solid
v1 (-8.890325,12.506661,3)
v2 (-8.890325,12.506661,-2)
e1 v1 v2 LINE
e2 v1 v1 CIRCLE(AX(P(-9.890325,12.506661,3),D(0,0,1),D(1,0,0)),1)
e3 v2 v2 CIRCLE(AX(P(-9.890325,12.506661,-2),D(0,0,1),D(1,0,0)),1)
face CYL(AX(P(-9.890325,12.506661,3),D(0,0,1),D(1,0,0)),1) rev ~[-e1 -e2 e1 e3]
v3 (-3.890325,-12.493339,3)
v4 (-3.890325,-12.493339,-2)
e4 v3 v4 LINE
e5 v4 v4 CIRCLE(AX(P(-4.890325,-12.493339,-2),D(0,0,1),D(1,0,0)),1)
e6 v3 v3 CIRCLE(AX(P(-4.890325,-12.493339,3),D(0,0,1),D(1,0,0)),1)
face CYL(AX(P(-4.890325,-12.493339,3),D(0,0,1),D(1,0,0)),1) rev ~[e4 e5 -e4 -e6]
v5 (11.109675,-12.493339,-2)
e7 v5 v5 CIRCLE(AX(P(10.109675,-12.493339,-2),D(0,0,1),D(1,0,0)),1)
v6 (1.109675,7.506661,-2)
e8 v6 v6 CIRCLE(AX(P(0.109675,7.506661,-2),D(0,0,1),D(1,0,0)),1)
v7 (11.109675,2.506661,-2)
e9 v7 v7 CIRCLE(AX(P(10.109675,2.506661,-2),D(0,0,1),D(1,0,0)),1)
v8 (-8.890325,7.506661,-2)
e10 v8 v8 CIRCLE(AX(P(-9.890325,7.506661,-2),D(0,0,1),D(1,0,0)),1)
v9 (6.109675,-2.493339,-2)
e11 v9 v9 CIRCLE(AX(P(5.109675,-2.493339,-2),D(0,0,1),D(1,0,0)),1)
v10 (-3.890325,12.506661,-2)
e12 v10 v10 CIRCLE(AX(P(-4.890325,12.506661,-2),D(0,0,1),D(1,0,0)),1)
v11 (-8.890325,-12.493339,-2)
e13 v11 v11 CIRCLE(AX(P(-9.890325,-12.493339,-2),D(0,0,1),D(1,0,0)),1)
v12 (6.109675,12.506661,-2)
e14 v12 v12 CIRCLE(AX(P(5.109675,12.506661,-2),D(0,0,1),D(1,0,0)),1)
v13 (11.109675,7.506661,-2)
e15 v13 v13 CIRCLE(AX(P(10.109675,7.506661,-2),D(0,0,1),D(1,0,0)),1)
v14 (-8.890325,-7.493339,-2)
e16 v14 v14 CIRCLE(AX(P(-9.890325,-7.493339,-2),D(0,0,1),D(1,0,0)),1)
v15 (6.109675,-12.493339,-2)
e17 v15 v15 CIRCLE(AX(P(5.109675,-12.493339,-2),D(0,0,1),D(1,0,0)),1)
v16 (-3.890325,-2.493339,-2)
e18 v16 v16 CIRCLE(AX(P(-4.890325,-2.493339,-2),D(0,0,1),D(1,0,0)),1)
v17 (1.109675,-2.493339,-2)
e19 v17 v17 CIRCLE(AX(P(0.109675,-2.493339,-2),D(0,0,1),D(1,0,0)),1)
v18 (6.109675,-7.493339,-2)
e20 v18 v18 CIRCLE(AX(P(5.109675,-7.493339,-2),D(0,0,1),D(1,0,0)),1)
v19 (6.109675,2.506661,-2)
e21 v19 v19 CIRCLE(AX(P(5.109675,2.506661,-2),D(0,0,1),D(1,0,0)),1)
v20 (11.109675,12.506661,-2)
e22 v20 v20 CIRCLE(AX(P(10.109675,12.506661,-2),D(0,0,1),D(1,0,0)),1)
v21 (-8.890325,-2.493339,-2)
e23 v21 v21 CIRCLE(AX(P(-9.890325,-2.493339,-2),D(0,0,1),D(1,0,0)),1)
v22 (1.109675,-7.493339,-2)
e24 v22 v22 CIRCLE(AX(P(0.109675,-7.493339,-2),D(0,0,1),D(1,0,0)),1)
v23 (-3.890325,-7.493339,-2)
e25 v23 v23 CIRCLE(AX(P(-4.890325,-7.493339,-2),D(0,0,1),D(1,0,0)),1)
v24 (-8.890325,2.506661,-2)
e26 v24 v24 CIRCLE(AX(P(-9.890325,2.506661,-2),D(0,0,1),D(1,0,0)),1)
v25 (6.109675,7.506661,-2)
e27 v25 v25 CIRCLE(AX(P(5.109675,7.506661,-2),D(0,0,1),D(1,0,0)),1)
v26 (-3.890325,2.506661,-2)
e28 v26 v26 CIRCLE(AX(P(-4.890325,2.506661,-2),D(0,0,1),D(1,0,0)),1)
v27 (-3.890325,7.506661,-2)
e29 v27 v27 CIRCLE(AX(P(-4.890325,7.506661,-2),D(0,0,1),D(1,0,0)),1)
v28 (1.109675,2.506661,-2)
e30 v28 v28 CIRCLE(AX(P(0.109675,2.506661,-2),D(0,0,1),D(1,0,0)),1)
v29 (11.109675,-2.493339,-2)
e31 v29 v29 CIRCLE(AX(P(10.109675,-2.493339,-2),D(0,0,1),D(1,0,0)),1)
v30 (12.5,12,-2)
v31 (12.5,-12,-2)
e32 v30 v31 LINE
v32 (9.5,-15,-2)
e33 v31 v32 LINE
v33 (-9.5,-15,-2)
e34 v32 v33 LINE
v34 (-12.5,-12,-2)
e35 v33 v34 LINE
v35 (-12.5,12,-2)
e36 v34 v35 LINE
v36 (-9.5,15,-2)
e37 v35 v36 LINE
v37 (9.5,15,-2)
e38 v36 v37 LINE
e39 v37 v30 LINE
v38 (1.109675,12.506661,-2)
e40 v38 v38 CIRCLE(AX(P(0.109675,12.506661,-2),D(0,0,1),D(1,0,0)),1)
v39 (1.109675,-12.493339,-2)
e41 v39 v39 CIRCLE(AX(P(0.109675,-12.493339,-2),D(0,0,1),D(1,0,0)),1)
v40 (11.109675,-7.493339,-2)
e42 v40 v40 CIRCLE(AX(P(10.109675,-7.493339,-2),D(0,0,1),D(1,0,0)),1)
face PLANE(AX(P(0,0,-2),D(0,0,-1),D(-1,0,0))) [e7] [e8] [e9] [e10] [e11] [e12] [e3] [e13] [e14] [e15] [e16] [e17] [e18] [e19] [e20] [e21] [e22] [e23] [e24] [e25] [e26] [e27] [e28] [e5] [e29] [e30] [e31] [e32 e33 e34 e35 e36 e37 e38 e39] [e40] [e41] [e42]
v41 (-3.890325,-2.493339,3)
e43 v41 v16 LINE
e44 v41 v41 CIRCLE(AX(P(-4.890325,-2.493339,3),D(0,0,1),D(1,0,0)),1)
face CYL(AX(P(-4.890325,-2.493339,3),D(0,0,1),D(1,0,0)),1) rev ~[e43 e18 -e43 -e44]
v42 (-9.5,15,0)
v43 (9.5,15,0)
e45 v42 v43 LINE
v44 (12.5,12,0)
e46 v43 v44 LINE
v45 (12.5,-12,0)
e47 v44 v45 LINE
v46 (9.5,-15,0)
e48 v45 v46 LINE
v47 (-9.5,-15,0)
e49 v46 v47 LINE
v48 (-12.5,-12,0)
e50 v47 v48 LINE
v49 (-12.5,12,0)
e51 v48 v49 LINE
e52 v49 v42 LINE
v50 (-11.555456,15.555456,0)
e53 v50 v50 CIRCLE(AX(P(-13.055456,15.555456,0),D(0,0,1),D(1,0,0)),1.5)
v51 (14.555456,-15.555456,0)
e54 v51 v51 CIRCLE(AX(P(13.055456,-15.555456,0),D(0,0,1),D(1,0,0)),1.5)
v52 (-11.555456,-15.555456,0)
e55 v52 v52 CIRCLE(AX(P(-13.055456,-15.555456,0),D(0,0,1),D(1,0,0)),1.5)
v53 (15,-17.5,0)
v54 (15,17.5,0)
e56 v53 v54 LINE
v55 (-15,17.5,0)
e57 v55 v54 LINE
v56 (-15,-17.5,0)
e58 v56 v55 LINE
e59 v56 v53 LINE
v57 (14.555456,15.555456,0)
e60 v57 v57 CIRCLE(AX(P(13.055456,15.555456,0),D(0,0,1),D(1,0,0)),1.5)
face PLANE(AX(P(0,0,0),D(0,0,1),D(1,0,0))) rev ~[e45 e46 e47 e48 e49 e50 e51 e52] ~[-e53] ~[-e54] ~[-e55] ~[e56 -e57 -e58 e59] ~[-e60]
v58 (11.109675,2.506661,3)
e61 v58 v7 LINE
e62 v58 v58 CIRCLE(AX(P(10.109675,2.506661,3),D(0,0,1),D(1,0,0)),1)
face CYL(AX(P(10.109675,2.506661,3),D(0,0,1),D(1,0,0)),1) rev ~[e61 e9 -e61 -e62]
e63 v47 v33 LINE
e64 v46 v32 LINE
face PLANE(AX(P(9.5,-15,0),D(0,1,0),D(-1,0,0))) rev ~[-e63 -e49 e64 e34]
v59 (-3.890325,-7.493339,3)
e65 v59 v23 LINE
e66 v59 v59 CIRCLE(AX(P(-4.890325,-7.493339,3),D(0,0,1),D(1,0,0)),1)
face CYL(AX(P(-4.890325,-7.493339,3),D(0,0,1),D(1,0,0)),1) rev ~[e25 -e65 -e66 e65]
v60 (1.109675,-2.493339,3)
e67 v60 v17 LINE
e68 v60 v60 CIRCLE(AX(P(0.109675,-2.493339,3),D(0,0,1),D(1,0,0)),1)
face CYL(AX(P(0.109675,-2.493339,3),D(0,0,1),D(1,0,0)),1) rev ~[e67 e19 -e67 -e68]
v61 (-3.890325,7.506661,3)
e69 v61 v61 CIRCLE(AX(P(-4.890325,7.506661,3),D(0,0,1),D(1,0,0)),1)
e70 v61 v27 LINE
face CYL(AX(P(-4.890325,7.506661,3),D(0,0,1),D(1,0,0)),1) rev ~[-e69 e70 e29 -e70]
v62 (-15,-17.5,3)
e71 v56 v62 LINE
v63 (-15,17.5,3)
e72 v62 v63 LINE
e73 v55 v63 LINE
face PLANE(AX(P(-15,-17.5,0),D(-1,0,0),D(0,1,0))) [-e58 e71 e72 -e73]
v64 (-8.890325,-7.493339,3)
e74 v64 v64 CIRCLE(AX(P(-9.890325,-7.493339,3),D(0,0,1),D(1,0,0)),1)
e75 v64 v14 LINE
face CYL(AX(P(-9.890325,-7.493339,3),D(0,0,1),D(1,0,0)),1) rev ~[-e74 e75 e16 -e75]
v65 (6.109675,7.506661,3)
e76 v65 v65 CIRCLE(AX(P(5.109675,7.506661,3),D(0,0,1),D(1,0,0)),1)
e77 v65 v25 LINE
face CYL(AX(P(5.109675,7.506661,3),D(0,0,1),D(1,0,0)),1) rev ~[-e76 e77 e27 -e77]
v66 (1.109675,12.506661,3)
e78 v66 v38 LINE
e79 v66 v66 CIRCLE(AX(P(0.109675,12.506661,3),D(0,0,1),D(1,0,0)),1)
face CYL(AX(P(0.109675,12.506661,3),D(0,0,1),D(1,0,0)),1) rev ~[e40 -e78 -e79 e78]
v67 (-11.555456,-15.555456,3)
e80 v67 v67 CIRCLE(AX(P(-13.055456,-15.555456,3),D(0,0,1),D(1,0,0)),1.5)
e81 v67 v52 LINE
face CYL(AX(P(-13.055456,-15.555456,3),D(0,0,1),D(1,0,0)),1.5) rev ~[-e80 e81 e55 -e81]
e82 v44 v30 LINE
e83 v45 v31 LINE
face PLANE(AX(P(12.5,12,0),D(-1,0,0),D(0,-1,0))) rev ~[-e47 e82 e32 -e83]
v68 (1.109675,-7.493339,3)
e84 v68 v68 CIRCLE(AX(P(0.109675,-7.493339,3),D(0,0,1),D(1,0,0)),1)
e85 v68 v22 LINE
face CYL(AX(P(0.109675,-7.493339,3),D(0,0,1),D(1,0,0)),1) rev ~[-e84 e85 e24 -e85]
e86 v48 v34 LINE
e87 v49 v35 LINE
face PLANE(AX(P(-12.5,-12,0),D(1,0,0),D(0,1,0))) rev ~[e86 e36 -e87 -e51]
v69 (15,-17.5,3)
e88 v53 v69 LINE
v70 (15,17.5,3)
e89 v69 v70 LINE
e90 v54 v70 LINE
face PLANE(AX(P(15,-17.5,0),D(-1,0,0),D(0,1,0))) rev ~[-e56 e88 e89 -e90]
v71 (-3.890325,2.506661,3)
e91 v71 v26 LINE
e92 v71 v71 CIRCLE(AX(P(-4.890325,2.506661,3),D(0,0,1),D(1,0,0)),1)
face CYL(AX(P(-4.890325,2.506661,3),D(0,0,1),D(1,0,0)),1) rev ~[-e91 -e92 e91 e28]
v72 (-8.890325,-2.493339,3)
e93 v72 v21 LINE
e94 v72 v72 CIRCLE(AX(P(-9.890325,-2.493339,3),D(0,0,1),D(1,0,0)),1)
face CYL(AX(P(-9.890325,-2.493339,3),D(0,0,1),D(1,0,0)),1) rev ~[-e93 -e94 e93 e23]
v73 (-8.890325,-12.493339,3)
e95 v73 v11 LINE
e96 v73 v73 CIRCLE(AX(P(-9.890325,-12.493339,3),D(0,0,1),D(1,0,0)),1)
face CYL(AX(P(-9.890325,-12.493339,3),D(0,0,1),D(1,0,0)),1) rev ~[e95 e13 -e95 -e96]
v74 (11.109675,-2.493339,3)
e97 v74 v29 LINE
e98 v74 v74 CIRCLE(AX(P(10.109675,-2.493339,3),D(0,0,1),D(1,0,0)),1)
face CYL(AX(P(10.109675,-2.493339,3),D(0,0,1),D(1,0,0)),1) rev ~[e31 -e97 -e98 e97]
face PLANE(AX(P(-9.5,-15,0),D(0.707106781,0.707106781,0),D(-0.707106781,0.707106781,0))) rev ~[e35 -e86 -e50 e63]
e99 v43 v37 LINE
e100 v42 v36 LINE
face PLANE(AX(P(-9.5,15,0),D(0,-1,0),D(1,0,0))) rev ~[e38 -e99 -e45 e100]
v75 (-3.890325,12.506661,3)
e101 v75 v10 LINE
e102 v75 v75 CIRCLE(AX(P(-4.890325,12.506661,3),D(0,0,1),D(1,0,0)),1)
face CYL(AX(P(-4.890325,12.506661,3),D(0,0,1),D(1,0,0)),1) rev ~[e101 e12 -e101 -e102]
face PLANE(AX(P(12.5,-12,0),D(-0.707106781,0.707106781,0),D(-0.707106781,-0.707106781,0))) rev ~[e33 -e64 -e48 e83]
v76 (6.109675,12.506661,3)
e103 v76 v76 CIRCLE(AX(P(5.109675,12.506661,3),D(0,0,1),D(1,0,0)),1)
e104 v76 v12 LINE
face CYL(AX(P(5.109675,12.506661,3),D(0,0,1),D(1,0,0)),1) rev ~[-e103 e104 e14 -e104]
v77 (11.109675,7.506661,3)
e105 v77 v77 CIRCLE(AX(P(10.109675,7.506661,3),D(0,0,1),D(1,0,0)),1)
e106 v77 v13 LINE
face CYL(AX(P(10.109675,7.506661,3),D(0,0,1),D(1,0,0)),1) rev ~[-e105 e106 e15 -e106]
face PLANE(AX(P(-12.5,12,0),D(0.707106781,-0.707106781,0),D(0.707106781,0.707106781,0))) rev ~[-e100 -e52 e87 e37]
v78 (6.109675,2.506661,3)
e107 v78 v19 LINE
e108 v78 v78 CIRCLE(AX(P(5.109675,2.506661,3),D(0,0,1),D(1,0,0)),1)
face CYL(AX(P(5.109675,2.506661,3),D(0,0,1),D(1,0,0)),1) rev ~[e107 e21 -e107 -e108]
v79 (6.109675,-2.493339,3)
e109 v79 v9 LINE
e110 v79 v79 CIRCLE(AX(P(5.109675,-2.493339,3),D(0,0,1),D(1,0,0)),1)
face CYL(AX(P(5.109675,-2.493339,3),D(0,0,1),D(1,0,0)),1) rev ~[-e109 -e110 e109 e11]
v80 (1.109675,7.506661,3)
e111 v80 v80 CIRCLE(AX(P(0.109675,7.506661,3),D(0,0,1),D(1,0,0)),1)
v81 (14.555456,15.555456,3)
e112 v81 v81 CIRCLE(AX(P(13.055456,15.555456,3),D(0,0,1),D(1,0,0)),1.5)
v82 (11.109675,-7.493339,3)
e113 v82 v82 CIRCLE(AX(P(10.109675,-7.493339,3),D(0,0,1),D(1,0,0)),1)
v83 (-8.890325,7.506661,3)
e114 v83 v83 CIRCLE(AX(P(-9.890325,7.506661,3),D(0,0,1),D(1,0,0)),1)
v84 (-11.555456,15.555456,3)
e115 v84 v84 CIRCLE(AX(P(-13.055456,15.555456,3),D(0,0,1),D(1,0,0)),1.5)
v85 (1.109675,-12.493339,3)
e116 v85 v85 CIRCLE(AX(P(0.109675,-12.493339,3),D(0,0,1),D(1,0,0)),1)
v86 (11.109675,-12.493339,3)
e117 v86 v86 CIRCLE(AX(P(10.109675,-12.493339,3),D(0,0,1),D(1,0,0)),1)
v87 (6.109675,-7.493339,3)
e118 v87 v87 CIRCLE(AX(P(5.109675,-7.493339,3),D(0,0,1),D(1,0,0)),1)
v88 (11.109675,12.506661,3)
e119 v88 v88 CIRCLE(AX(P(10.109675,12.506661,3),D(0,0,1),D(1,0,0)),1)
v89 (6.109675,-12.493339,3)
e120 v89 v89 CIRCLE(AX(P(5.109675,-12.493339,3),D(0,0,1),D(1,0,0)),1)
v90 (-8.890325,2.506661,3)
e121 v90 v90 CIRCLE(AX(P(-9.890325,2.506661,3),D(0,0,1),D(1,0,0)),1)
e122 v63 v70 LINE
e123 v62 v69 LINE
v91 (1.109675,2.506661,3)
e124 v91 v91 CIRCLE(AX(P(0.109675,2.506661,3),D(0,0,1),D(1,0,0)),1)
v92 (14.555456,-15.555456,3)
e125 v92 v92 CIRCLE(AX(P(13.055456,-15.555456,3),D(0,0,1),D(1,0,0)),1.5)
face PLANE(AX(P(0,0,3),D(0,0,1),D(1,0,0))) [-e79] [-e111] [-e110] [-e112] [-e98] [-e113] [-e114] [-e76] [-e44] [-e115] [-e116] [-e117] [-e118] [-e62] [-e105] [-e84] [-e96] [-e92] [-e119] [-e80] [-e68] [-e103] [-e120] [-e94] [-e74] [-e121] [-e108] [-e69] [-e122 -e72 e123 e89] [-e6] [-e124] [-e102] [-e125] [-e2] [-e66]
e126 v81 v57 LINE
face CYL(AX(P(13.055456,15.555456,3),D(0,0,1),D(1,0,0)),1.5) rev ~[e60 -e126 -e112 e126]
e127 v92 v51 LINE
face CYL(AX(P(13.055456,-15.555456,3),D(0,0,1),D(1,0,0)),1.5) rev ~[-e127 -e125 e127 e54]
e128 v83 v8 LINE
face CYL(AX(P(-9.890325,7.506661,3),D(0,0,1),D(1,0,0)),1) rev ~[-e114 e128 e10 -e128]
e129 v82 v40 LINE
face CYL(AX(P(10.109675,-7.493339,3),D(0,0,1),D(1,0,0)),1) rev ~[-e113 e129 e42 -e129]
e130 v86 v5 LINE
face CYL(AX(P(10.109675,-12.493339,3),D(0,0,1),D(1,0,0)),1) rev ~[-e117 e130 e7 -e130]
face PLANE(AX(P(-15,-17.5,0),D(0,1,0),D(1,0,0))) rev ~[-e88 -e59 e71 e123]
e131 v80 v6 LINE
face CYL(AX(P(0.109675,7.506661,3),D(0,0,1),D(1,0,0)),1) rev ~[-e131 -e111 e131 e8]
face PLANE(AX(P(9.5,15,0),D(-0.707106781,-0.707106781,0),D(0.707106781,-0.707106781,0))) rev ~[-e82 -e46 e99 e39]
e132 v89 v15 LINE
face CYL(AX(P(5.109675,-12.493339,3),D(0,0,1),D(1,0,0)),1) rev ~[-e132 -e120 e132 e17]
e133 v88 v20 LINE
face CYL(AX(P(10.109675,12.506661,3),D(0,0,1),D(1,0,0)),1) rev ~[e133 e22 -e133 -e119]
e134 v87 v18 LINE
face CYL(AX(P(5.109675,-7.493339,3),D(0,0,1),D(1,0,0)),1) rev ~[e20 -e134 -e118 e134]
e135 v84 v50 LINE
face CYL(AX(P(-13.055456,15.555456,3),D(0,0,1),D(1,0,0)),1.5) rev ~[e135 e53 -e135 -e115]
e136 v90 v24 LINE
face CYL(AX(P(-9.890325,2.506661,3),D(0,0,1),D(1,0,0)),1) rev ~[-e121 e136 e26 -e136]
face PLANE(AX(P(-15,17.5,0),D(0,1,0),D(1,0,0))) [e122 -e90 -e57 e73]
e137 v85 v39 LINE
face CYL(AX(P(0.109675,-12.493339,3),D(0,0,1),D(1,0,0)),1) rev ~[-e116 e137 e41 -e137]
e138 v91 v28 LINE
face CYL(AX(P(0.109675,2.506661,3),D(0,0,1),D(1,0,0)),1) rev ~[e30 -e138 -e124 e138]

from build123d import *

# Parameters (mm, degrees)
BOSS_EXTRU_4_DEPTH      = 2
ESQUISSE9_W             = 30
ESQUISSE9_H             = 35
BOSS_EXTRU_5_DEPTH      = 3
ESQUISSE7_R             = 1.5
ENL_V_MAT_EXTRU_8_DEPTH = 6
ESQUISSE10_R            = 1
ENL_V_MAT_EXTRU_9_DEPTH = 6


with BuildPart() as part:
    # Esquisse8 → Boss.-Extru.4 (new body)
    with BuildSketch(Plane.XY):
        Polygon((-9.5, 15), (9.5, 15), (12.5, 12), (12.5, -12), (9.5, -15), (-9.5, -15), (-12.5, -12), (-12.5, 12), align=None)
    extrude(amount=-BOSS_EXTRU_4_DEPTH)

    # Esquisse9 → Boss.-Extru.5 (add)
    with BuildSketch(Plane.XY):
        Rectangle(ESQUISSE9_W, ESQUISSE9_H)
    extrude(amount=BOSS_EXTRU_5_DEPTH)

    # Esquisse7 → Enlèv. mat.-Extru.8 (cut, through all)
    with BuildSketch(Plane.XY.offset(3)):
        with Locations((-13.055456352, 15.555456352)):
            Circle(ESQUISSE7_R)
        with Locations((-13.055456352, -15.555456352)):
            Circle(ESQUISSE7_R)
        with Locations((13.055456352, -15.555456352)):
            Circle(ESQUISSE7_R)
        with Locations((13.055456352, 15.555456352)):
            Circle(ESQUISSE7_R)
    extrude(amount=-ENL_V_MAT_EXTRU_8_DEPTH, mode=Mode.SUBTRACT)

    # Esquisse10 → Enlèv. mat.-Extru.9 (cut, through all)
    with BuildSketch(Plane.XY.offset(3)):
        with Locations((-9.890325409, 12.506661491)):
            Circle(ESQUISSE10_R)
        with Locations((-4.890325409, 12.506661491)):
            Circle(ESQUISSE10_R)
        with Locations((0.109674591, 12.506661491)):
            Circle(ESQUISSE10_R)
        with Locations((5.109674591, 12.506661491)):
            Circle(ESQUISSE10_R)
        with Locations((10.109674591, 12.506661491)):
            Circle(ESQUISSE10_R)
        with Locations((-4.890325409, 7.506661491)):
            Circle(ESQUISSE10_R)
        with Locations((0.109674591, 7.506661491)):
            Circle(ESQUISSE10_R)
        with Locations((5.109674591, 7.506661491)):
            Circle(ESQUISSE10_R)
        with Locations((10.109674591, 7.506661491)):
            Circle(ESQUISSE10_R)
        with Locations((-4.890325409, 2.506661491)):
            Circle(ESQUISSE10_R)
        with Locations((0.109674591, 2.506661491)):
            Circle(ESQUISSE10_R)
        with Locations((5.109674591, 2.506661491)):
            Circle(ESQUISSE10_R)
        with Locations((10.109674591, 2.506661491)):
            Circle(ESQUISSE10_R)
        with Locations((-4.890325409, -2.493338509)):
            Circle(ESQUISSE10_R)
        with Locations((0.109674591, -2.493338509)):
            Circle(ESQUISSE10_R)
        with Locations((5.109674591, -2.493338509)):
            Circle(ESQUISSE10_R)
        with Locations((10.109674591, -2.493338509)):
            Circle(ESQUISSE10_R)
        with Locations((-4.890325409, -7.493338509)):
            Circle(ESQUISSE10_R)
        with Locations((0.109674591, -7.493338509)):
            Circle(ESQUISSE10_R)
        with Locations((5.109674591, -7.493338509)):
            Circle(ESQUISSE10_R)
        with Locations((10.109674591, -7.493338509)):
            Circle(ESQUISSE10_R)
        with Locations((-4.890325409, -12.493338509)):
            Circle(ESQUISSE10_R)
        with Locations((0.109674591, -12.493338509)):
            Circle(ESQUISSE10_R)
        with Locations((5.109674591, -12.493338509)):
            Circle(ESQUISSE10_R)
        with Locations((10.109674591, -12.493338509)):
            Circle(ESQUISSE10_R)
        with Locations((-9.890325409, 7.506661491)):
            Circle(ESQUISSE10_R)
        with Locations((-9.890325409, 2.506661491)):
            Circle(ESQUISSE10_R)
        with Locations((-9.890325409, -2.493338509)):
            Circle(ESQUISSE10_R)
        with Locations((-9.890325409, -7.493338509)):
            Circle(ESQUISSE10_R)
        with Locations((-9.890325409, -12.493338509)):
            Circle(ESQUISSE10_R)
    extrude(amount=-ENL_V_MAT_EXTRU_9_DEPTH, mode=Mode.SUBTRACT)


solid = part.part
